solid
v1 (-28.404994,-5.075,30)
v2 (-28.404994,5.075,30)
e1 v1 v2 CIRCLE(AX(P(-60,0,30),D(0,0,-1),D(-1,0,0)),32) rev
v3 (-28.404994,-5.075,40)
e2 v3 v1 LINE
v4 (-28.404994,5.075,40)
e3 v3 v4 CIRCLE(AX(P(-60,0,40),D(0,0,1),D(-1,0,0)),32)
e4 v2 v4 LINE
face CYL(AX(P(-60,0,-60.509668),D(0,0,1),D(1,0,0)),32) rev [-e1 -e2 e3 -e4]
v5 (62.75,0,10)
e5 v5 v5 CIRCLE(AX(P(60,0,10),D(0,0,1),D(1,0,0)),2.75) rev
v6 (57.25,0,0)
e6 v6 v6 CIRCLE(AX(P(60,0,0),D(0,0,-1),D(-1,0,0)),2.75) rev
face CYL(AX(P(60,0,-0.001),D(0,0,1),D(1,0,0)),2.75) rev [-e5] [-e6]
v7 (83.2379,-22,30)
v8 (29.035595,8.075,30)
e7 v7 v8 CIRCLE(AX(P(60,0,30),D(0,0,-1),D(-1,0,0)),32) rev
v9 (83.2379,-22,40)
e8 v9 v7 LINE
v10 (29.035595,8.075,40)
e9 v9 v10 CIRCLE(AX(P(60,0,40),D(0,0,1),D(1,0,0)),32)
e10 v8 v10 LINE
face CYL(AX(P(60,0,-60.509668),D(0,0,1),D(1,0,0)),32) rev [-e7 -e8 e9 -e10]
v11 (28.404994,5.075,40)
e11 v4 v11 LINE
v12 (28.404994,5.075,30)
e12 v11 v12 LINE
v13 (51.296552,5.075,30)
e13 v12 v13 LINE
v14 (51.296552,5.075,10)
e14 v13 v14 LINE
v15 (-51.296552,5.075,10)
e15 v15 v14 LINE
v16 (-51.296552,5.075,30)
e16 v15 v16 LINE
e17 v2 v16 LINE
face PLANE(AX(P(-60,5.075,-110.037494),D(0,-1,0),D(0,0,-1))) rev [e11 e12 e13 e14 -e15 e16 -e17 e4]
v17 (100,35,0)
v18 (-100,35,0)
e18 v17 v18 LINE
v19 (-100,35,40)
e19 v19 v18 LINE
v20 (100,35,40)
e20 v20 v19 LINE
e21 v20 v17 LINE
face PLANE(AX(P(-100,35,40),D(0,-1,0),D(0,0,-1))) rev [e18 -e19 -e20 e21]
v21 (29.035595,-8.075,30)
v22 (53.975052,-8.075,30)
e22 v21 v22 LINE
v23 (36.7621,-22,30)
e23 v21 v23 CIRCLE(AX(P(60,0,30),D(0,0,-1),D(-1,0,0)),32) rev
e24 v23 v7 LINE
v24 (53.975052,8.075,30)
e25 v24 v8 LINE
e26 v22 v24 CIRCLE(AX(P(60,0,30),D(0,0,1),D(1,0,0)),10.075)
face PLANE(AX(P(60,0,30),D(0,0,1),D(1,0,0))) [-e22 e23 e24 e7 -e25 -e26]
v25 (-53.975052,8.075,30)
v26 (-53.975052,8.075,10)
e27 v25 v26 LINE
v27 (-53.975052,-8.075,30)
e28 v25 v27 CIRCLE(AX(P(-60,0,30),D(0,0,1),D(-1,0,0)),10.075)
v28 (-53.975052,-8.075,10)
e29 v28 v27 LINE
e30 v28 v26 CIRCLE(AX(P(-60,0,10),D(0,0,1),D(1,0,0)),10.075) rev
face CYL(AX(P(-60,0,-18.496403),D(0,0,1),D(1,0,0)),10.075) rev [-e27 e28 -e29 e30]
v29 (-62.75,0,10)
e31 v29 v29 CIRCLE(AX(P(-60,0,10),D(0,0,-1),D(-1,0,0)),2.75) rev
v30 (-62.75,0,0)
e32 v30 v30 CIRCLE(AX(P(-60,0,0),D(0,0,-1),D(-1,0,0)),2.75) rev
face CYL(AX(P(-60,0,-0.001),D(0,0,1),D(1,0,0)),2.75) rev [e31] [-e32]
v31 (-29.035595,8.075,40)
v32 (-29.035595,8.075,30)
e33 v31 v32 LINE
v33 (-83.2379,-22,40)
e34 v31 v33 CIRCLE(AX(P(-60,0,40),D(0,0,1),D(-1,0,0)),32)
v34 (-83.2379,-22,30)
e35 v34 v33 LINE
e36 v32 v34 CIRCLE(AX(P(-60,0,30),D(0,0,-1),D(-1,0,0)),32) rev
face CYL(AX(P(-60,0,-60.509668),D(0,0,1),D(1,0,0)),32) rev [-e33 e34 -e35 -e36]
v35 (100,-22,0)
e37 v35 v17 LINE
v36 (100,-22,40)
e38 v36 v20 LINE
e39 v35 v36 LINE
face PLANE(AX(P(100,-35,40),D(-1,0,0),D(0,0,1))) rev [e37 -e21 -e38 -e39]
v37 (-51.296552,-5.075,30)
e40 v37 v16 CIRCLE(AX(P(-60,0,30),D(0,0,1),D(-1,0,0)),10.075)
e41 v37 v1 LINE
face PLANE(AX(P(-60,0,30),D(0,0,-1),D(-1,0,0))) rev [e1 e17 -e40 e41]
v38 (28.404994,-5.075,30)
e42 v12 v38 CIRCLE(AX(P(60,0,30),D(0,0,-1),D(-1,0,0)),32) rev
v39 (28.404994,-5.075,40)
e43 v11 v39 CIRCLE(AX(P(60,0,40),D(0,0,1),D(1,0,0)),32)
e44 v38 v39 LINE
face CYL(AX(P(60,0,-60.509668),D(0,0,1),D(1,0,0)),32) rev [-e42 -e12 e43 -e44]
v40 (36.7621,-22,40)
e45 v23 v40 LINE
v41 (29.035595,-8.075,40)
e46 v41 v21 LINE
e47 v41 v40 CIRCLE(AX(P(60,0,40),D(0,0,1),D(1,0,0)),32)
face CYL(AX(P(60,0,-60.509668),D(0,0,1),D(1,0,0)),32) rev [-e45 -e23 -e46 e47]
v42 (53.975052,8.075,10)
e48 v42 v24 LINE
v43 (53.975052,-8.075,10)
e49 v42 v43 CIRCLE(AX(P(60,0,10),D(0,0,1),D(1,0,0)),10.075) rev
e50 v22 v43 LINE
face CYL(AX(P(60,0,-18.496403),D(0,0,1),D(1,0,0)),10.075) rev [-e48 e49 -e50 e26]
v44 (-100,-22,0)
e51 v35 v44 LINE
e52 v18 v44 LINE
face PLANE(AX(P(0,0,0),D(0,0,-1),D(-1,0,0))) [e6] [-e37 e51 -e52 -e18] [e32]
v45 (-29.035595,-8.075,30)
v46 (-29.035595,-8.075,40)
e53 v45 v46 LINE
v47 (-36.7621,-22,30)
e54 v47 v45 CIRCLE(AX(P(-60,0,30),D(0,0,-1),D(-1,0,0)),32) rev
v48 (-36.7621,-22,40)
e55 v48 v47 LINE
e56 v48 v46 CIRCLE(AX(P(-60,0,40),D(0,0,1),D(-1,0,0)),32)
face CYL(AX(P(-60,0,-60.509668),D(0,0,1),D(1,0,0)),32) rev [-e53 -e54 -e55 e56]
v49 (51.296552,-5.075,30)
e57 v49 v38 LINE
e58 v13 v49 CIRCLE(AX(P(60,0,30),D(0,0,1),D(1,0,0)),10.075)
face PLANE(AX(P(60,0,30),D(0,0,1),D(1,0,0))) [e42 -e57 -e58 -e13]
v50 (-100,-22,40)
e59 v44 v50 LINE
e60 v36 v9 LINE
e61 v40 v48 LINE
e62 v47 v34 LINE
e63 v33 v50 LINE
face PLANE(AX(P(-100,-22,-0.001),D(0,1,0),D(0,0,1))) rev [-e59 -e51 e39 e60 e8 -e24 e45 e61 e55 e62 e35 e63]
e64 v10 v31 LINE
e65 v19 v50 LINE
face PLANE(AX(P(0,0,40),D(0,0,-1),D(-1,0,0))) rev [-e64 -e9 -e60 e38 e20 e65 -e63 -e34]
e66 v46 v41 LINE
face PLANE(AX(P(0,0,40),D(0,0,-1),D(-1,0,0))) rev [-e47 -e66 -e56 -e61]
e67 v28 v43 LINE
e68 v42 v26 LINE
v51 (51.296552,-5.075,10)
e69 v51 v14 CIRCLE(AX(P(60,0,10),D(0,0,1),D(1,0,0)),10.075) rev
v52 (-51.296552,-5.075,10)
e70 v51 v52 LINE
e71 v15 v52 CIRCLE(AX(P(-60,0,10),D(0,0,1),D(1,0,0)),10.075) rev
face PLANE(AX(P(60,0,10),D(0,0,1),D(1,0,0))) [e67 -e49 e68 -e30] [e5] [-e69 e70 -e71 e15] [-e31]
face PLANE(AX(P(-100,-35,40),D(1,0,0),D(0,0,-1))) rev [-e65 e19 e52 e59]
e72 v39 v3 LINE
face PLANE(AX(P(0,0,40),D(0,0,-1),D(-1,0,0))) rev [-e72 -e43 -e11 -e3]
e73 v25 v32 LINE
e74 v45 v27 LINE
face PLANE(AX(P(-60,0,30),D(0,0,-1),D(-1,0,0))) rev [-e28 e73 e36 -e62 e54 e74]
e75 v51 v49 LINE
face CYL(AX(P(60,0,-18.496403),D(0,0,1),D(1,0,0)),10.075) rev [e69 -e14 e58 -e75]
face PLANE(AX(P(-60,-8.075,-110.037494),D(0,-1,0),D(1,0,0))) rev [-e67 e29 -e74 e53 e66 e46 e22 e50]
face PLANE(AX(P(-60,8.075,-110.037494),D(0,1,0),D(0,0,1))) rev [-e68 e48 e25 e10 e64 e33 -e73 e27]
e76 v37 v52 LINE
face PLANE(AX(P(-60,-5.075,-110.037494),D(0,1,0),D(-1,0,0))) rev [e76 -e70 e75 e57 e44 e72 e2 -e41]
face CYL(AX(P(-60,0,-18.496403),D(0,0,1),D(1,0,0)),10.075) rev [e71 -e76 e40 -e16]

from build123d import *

# Parameters (mm, degrees)
SKETCH1_W                     = 200
SKETCH1_H                     = 70
BOSS_EXTRUDE1_DEPTH           = 40
SHAFTFITS_REACH               = 115.248
SKETCH2_R                     = 2.75
SKETCH3_R                     = 8.075
PULLEY_DEPTH                  = 30
SKETCH4_R                     = 30
GEARS_FITS_DEPTH              = 10
GEAR_LETOUT_REACH             = 115.248
SKETCH5_W                     = 200
SKETCH5_H                     = 13
CLOSED_LOOP_TIMING_BELT_REACH = 115.248
SKETCH8_W                     = 120
SKETCH8_H                     = 3
SKETCH6_R                     = 32
GEAR_MARGIN_DEPTH             = 10
SKETCH7_R                     = 10.075
PULLEY_MARGIN_DEPTH           = 20


with BuildPart() as part:
    # Sketch1 → Boss-Extrude1 (new body)
    with BuildSketch(Plane.XY):
        Rectangle(SKETCH1_W, SKETCH1_H)
    extrude(amount=BOSS_EXTRUDE1_DEPTH)

    # Sketch2 → ShaftFits (cut, up to next)
    with BuildSketch(Plane.XY.offset(40), mode=Mode.PRIVATE) as shaftfits_sk1:
        with Locations((60, 0)):
            Circle(SKETCH2_R)
    shaftfits_tool1 = extrude(shaftfits_sk1.sketch, amount=-SHAFTFITS_REACH, mode=Mode.PRIVATE) & part.part
    # Sketch2 → ShaftFits (cut, up to next)
    with BuildSketch(Plane.XY.offset(40), mode=Mode.PRIVATE) as shaftfits_sk2:
        with Locations(Location((-60, 0, 0), (0, 0, 180))):
            Circle(SKETCH2_R)
    shaftfits_tool2 = extrude(shaftfits_sk2.sketch, amount=-SHAFTFITS_REACH, mode=Mode.PRIVATE) & part.part
    add(shaftfits_tool1.solids().sort_by_distance((60, 0, 40))[0], mode=Mode.SUBTRACT)
    add(shaftfits_tool2.solids().sort_by_distance((-60, 0, 40))[0], mode=Mode.SUBTRACT)

    # Sketch3 → Pulley (cut)
    with BuildSketch(Plane.XY.offset(40)):
        with Locations((60, 0)):
            Circle(SKETCH3_R)
        with Locations(Location((-60, 0, 0), (0, 0, 180))):
            Circle(SKETCH3_R)
    extrude(amount=-PULLEY_DEPTH, mode=Mode.SUBTRACT)

    # Sketch4 → Gears fits (cut)
    with BuildSketch(Plane.XY.offset(40)):
        with Locations((60, 0)):
            Circle(SKETCH4_R)
        with Locations(Location((-60, 0, 0), (0, 0, 180))):
            Circle(SKETCH4_R)
    extrude(amount=-GEARS_FITS_DEPTH, mode=Mode.SUBTRACT)

    # Sketch5 → Gear letout (cut, up to next)
    with BuildSketch(Plane.XY.offset(40), mode=Mode.PRIVATE) as gear_letout_sk1:
        with Locations((0, -28.5)):
            Rectangle(SKETCH5_W, SKETCH5_H)
    gear_letout_tool1 = extrude(gear_letout_sk1.sketch, amount=-GEAR_LETOUT_REACH, mode=Mode.PRIVATE) & part.part
    add(gear_letout_tool1.solids().sort_by_distance((0, -28.5, 40))[0], mode=Mode.SUBTRACT)

    # Closed-loop timing belt: up to this face of the body (flat: up to its plane)
    closed_loop_timing_belt_end = Plane(part.part.faces().sort_by_distance((-52.15339549, 0, 10))[0])
    # Sketch8 → Closed-loop timing belt (cut, up to the picked face)
    with BuildSketch(Plane.XY.offset(40), mode=Mode.PRIVATE) as closed_loop_timing_belt_sk1:
        with Locations((0, 6.575)):
            Rectangle(SKETCH8_W, SKETCH8_H)
    closed_loop_timing_belt_tool1 = split(extrude(closed_loop_timing_belt_sk1.sketch, amount=-CLOSED_LOOP_TIMING_BELT_REACH, mode=Mode.PRIVATE), bisect_by=closed_loop_timing_belt_end, keep=Keep.BOTH, mode=Mode.PRIVATE)
    # Sketch8 → Closed-loop timing belt (cut, up to the picked face)
    with BuildSketch(Plane.XY.offset(40), mode=Mode.PRIVATE) as closed_loop_timing_belt_sk2:
        with Locations((0, -6.575)):
            Rectangle(SKETCH8_W, SKETCH8_H)
    closed_loop_timing_belt_tool2 = split(extrude(closed_loop_timing_belt_sk2.sketch, amount=-CLOSED_LOOP_TIMING_BELT_REACH, mode=Mode.PRIVATE), bisect_by=closed_loop_timing_belt_end, keep=Keep.BOTH, mode=Mode.PRIVATE)
    add(closed_loop_timing_belt_tool1.solids().sort_by(Axis((0, 6.575, 40), (0, 0, -1)))[0], mode=Mode.SUBTRACT)
    add(closed_loop_timing_belt_tool2.solids().sort_by(Axis((0, -6.575, 40), (0, 0, -1)))[0], mode=Mode.SUBTRACT)

    # Sketch6 → Gear margin (cut)
    with BuildSketch(Plane.XY.offset(40)):
        with Locations((60, 0)):
            Circle(SKETCH6_R)
        with Locations((-60, 0)):
            Circle(SKETCH6_R)
    extrude(amount=-GEAR_MARGIN_DEPTH, mode=Mode.SUBTRACT)

    # Sketch7 → Pulley margin (cut)
    with BuildSketch(Plane.XY.offset(30)):
        with Locations((60, 0)):
            Circle(SKETCH7_R)
        with Locations((-60, 0)):
            Circle(SKETCH7_R)
    extrude(amount=-PULLEY_MARGIN_DEPTH, mode=Mode.SUBTRACT)


solid = part.part
